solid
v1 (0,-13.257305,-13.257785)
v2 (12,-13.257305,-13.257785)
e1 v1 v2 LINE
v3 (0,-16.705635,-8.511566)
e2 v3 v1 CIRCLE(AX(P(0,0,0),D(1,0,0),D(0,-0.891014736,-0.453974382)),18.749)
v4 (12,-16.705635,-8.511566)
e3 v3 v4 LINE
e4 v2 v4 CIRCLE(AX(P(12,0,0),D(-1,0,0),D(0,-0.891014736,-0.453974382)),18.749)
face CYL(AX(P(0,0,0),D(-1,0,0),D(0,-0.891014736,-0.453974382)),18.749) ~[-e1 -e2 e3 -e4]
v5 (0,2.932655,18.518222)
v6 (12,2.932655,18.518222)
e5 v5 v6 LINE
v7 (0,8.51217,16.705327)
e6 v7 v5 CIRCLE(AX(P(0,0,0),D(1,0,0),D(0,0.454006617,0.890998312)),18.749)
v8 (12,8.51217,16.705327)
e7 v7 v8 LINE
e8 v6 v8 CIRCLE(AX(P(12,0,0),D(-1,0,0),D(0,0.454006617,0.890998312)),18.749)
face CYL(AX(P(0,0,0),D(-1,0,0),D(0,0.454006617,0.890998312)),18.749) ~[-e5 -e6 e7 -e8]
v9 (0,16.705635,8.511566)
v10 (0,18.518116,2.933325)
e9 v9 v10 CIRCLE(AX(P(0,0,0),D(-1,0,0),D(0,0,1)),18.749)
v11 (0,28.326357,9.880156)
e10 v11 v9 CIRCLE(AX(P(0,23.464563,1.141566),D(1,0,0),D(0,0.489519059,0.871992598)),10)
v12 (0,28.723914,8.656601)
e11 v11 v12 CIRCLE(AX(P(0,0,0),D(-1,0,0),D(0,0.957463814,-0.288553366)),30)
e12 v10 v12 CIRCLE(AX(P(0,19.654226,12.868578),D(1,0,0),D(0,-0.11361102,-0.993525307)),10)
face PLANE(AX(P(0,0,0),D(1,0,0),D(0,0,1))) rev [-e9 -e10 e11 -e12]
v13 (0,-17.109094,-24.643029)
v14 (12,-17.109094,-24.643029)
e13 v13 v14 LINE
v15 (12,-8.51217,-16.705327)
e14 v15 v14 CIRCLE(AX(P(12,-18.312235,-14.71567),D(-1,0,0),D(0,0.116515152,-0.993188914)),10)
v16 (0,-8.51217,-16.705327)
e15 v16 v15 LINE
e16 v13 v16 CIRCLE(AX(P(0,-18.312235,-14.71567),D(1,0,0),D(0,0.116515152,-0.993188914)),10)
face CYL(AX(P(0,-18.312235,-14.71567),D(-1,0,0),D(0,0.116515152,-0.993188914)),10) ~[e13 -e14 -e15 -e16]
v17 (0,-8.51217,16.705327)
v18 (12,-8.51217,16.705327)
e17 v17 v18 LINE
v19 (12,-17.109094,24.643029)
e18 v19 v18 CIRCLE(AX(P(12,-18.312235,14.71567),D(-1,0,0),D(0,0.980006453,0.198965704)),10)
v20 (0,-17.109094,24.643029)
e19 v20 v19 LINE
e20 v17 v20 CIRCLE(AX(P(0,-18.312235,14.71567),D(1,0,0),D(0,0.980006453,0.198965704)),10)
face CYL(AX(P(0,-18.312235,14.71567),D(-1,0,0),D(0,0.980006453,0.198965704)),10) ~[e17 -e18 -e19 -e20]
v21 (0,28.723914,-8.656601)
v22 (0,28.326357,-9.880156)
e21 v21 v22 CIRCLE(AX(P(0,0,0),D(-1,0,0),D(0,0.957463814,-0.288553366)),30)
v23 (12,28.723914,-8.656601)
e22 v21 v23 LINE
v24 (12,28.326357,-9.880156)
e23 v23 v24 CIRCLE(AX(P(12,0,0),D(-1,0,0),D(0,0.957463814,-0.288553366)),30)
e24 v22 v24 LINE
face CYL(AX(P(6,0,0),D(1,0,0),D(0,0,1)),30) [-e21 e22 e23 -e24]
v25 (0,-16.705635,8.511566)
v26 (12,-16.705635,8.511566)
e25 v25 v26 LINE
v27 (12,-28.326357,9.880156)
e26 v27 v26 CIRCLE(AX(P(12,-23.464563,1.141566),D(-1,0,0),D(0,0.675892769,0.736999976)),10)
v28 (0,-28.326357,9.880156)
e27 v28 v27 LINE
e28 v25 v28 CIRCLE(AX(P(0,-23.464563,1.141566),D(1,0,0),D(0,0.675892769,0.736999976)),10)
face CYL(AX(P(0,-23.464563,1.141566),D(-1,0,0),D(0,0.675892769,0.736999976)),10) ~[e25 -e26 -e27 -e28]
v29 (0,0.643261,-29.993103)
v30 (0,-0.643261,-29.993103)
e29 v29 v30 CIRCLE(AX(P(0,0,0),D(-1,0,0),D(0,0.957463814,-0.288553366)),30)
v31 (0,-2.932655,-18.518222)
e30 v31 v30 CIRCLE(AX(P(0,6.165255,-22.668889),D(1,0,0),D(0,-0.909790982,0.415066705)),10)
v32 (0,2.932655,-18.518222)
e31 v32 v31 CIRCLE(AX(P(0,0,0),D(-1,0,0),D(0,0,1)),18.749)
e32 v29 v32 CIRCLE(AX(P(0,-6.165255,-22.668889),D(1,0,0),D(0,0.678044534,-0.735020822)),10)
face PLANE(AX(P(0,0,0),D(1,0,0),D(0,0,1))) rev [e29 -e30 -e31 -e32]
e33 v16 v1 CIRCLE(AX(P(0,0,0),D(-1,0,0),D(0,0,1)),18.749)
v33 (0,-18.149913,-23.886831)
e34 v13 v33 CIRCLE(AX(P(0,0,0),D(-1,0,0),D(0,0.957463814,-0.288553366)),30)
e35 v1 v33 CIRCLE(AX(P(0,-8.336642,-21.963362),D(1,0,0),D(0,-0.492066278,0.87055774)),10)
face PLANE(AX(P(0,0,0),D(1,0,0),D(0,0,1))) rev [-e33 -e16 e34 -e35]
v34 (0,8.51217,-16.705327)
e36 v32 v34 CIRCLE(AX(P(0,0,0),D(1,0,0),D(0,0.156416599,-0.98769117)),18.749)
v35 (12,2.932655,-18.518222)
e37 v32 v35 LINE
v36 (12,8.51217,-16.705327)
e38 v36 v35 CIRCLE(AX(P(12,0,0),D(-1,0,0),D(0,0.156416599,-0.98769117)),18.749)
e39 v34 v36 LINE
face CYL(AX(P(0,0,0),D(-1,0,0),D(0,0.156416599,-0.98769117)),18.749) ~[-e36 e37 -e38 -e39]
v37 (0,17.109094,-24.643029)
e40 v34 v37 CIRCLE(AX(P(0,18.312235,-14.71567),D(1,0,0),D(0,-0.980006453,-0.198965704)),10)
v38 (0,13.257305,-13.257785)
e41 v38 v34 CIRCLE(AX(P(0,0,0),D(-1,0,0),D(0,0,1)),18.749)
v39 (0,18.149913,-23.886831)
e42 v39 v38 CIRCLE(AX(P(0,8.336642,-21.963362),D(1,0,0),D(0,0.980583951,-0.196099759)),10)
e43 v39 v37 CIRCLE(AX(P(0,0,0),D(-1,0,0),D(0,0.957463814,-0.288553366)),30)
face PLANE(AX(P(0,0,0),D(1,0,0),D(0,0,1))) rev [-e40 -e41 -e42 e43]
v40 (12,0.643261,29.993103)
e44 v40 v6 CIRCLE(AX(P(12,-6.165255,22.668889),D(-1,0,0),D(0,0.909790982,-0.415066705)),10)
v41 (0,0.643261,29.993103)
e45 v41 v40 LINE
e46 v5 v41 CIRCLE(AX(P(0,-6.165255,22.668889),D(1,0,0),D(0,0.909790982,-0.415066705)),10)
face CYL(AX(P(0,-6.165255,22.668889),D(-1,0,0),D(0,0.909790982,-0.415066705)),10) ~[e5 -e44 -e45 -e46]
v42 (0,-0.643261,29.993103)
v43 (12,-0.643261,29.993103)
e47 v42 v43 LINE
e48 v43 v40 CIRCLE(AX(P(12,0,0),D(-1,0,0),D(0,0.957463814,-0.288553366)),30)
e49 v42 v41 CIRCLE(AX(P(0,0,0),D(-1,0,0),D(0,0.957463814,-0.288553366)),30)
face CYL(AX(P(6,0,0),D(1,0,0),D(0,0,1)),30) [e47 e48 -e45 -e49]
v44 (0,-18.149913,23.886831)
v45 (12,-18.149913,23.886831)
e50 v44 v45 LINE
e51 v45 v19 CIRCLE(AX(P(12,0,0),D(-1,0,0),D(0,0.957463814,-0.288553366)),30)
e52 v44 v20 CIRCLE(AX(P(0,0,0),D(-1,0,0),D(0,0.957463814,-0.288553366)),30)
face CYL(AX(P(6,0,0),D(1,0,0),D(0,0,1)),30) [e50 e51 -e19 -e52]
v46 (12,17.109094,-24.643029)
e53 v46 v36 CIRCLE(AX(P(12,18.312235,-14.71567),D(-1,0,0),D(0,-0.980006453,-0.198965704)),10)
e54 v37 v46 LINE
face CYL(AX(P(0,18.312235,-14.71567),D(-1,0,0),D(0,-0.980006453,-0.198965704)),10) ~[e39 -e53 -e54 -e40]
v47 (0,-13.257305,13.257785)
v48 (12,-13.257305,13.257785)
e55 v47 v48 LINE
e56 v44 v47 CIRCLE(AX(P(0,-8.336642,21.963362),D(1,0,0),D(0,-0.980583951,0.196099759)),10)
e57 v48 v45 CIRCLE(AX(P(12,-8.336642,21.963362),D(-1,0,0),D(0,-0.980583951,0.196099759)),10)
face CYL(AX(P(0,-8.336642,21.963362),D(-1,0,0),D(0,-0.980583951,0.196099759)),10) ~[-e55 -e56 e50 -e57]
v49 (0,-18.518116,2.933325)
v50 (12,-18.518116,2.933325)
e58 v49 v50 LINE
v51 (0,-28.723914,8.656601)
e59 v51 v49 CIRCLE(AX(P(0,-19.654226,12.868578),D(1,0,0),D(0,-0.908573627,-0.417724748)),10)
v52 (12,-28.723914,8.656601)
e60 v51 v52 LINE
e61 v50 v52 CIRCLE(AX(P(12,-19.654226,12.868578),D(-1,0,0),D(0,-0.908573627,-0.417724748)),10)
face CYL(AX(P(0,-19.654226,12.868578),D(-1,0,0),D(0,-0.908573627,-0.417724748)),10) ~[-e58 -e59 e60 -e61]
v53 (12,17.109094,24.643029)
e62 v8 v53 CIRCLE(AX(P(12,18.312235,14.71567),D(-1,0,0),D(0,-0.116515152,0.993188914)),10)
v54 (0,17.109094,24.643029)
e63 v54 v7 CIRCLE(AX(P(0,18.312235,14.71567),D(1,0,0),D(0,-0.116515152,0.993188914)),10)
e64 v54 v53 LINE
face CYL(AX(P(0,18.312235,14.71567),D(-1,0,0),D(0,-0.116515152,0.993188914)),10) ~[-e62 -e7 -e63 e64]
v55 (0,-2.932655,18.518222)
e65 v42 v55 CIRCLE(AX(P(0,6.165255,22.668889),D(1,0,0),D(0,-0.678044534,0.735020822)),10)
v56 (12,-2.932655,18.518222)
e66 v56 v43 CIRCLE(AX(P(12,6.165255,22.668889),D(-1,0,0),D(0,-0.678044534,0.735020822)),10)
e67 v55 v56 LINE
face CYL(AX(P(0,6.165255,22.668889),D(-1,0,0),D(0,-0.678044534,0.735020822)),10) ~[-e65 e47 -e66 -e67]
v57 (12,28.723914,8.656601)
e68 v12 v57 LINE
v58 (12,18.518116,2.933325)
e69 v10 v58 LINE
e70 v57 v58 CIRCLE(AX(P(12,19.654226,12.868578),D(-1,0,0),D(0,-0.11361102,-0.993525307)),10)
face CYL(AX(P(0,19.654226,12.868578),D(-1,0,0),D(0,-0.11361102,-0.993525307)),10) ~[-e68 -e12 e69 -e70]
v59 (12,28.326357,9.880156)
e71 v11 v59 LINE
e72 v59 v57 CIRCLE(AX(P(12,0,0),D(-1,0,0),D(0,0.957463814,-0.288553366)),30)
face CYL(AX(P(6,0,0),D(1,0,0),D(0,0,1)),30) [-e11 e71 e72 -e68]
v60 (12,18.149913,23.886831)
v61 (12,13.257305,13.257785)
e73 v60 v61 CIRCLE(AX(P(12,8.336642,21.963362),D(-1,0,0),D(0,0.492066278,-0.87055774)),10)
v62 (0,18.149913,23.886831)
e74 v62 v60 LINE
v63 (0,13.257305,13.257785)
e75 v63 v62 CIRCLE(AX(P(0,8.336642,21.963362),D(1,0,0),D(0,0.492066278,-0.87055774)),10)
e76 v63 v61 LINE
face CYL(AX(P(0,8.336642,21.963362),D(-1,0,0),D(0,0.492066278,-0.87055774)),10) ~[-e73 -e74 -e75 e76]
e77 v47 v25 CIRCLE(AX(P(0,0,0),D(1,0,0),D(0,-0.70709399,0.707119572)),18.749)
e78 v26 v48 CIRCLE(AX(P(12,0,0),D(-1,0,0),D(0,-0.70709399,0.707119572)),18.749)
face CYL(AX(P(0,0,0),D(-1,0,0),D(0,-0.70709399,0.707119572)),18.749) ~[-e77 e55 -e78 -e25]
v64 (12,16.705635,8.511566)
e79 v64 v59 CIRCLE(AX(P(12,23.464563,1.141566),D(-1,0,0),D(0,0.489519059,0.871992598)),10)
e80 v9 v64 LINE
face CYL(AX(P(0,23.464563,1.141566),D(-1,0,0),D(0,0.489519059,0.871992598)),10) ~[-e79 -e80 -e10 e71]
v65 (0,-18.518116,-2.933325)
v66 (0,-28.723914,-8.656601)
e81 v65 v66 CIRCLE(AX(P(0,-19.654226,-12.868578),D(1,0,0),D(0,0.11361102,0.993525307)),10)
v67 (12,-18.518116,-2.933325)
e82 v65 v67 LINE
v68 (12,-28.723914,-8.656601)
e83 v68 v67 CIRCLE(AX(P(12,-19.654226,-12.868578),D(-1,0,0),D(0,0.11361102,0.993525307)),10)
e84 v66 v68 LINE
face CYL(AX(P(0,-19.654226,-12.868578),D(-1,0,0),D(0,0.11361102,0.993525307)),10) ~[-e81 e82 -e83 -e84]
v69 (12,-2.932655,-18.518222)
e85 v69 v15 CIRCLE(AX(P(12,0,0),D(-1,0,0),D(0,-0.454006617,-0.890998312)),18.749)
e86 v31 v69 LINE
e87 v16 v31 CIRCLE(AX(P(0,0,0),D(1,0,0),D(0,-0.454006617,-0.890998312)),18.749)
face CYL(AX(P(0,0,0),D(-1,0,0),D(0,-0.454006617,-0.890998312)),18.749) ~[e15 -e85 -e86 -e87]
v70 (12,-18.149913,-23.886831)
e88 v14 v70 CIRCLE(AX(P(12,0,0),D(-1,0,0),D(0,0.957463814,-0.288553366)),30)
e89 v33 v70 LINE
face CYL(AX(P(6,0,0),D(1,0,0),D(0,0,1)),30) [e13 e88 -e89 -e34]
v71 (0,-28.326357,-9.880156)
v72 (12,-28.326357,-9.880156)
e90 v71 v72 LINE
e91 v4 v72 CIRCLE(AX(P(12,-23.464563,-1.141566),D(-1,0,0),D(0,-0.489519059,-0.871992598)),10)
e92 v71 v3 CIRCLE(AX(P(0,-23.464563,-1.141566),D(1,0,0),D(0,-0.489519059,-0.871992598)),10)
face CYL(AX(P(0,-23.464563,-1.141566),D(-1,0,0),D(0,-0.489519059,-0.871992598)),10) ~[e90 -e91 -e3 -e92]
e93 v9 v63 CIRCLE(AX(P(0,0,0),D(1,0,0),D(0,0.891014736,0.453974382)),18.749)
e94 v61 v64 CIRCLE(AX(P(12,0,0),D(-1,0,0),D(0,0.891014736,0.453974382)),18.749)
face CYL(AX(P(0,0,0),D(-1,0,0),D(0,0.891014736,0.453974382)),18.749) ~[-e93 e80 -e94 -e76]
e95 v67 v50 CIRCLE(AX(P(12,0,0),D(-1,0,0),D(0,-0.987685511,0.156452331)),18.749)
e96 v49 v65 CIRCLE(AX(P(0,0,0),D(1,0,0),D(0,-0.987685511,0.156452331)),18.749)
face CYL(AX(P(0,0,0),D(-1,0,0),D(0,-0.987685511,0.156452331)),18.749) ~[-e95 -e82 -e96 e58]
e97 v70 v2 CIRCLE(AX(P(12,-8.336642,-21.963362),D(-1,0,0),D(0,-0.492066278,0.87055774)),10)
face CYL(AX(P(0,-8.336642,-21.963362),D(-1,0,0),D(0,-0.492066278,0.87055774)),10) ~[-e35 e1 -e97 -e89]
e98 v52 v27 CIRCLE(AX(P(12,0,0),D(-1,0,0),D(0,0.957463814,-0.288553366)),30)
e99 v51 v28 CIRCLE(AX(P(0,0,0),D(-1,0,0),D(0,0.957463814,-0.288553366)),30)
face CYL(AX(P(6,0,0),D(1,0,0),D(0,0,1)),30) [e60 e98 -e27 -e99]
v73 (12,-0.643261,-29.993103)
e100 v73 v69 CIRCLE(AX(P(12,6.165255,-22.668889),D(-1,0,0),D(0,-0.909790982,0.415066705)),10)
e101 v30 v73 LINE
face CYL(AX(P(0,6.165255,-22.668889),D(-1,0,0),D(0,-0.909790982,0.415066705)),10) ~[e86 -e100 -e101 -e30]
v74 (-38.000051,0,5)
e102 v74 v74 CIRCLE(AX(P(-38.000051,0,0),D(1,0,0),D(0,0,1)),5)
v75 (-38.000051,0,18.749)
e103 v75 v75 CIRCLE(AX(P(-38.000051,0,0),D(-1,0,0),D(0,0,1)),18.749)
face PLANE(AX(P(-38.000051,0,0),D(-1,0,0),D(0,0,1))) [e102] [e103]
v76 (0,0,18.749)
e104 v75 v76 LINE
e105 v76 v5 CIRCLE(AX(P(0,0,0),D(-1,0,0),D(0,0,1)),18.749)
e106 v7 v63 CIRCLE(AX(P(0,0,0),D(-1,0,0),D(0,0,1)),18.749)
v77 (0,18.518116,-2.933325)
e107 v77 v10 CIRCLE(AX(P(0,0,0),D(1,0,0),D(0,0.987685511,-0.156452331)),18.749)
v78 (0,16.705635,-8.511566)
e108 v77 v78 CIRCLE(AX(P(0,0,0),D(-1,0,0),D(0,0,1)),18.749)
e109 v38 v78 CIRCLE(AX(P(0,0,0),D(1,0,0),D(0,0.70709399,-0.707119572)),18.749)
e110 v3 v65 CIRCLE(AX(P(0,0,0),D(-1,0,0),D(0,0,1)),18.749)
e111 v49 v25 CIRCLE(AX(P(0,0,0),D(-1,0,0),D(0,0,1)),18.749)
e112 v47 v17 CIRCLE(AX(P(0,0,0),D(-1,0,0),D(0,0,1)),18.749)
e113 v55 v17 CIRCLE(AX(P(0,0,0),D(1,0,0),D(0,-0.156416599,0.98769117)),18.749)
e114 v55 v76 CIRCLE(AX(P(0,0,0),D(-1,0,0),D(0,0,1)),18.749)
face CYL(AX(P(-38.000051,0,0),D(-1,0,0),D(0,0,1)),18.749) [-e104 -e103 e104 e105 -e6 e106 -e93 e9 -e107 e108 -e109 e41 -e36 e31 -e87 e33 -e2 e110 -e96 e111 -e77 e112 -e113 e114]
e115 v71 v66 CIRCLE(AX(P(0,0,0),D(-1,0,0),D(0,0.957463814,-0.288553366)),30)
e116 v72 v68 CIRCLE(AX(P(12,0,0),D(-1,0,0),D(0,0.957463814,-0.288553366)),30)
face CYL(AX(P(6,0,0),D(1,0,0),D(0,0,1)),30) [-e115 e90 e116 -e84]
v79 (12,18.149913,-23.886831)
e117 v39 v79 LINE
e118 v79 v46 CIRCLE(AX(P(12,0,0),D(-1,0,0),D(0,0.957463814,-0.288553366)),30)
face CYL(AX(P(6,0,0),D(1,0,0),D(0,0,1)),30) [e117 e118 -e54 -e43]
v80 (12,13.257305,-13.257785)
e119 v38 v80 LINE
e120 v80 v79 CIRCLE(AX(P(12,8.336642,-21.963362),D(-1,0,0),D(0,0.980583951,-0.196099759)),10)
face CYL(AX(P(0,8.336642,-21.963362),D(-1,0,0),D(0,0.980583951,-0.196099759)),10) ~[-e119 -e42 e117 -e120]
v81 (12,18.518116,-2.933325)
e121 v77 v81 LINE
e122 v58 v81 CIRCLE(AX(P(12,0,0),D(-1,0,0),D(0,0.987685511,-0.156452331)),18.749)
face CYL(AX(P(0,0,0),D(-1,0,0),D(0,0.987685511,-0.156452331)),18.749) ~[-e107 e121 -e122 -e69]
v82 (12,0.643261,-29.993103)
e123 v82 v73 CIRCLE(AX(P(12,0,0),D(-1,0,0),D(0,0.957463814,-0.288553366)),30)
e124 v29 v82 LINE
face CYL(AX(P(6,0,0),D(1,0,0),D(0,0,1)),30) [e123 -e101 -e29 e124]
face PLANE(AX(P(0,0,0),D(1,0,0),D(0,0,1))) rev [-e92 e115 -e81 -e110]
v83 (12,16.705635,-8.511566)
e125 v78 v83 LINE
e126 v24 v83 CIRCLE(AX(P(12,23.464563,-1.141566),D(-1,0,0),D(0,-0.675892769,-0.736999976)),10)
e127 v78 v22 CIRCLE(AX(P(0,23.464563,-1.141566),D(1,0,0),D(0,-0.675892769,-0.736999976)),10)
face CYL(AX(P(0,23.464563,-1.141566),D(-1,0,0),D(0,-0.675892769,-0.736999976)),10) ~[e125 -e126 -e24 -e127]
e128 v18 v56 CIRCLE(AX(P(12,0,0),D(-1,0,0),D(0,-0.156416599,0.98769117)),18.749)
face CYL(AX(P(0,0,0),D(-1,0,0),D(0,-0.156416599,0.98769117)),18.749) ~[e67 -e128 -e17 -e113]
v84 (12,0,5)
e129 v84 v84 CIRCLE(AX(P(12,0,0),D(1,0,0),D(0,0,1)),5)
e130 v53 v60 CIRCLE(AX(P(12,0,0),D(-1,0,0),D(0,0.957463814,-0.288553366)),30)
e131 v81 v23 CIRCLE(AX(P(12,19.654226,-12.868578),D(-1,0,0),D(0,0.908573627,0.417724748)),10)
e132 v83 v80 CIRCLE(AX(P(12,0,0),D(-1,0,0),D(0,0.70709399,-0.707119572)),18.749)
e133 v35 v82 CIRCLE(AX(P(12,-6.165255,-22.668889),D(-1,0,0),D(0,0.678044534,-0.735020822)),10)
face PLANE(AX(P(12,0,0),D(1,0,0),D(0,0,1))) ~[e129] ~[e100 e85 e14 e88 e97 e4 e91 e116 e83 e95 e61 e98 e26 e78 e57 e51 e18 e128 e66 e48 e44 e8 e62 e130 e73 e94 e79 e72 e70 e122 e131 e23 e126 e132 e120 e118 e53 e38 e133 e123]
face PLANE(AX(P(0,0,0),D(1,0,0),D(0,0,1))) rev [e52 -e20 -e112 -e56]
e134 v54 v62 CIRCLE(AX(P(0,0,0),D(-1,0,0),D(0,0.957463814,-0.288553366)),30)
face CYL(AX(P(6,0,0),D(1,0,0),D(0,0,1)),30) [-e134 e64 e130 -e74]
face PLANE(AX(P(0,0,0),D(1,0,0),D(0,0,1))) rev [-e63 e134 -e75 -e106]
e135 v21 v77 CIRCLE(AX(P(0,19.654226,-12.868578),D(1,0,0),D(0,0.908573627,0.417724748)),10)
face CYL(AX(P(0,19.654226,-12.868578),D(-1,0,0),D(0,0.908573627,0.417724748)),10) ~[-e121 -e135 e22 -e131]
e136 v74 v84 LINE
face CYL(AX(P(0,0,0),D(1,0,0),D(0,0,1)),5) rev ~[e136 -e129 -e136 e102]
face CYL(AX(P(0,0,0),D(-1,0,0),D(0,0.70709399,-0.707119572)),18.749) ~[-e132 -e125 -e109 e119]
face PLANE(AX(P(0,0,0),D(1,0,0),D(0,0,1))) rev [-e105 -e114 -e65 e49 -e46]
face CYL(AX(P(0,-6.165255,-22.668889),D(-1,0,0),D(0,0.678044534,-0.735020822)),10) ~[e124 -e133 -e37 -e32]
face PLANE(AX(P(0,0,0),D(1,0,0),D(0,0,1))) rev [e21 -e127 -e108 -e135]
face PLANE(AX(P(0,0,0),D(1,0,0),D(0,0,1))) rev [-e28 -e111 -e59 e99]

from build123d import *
from build123d.topology import SkipClean

# Parameters (mm, degrees)
BASPROSKE_W      = 12
BASPROSKE_H      = 30
TOOTHCUT_DEPTH   = 45.09081537
TEETHCUTS_COUNT  = 10
TEETHCUTS_ANGLE  = 324
HUBNEARONE_START = 38.0000508
HUBNEAONESKE_R   = 18.749
HUBNEARONE_DEPTH = 38.0000508
BORSKE_R         = 5
BORE_DEPTH       = 50.0000508


with BuildPart() as part:
    # BasProSke → Base-Revolve (revolve)
    with BuildSketch(Plane(origin=(0, 0, 0), x_dir=(1, 0, 0), z_dir=(0, 1, 0)), mode=Mode.PRIVATE) as base_revolve_sk:
        with Locations((6, 15)):
            Rectangle(BASPROSKE_W, BASPROSKE_H)
    revolve(base_revolve_sk.sketch.rotate(Axis((-10, 0, 0), (1, 0, 0)), 180), axis=Axis((-10, 0, 0), (1, 0, 0)))

    # TooCutSke → ToothCut (cut, through all)
    with BuildSketch(Plane(origin=(0, 0, 0), x_dir=(0, 0, -1), z_dir=(1, 0, 0))):
        with BuildLine():
            ThreePointArc((2.93332476, 18.51811564), (0, 18.749), (-2.93332476, 18.51811564))
            ThreePointArc((-2.93332476, 18.51811564), (-4.155816835, 24.562157762), (-8.691330358, 28.739962104))
            ThreePointArc((-8.691330358, 28.739962104), (0, 30.0254), (8.691330358, 28.739962104))
            ThreePointArc((8.691330358, 28.739962104), (4.155816835, 24.562157762), (2.93332476, 18.51811564))
        make_face()
    toothcut = extrude(amount=TOOTHCUT_DEPTH, mode=Mode.SUBTRACT)

    # TeethCuts: ToothCut ×10 about axis
    teethcuts_axis = Axis((-10, 0, 0), (1, 0, 0))
    for i in range(1, TEETHCUTS_COUNT):
        add(toothcut.rotate(teethcuts_axis, i * TEETHCUTS_ANGLE / (TEETHCUTS_COUNT - 1)), mode=Mode.SUBTRACT)

    # HubNeaOneSke → HubNearOne (add)
    with SkipClean():  # the faces are left unmerged after this step: merging them gives an invalid solid
        with BuildSketch(Plane.ZY.offset(HUBNEARONE_START)):
            Circle(HUBNEAONESKE_R)
        extrude(amount=-HUBNEARONE_DEPTH)

    # BorSke → Bore (cut, symmetric)
    with SkipClean():  # the faces are left unmerged after this step: merging them gives an invalid solid
        with BuildSketch(Plane(origin=(0, 0, 0), x_dir=(0, 0, -1), z_dir=(1, 0, 0))):
            with Locations(Location((0, 0, 0), (0, 0, 180))):
                Circle(BORSKE_R)
        extrude(amount=BORE_DEPTH, both=True, mode=Mode.SUBTRACT)


solid = part.part
